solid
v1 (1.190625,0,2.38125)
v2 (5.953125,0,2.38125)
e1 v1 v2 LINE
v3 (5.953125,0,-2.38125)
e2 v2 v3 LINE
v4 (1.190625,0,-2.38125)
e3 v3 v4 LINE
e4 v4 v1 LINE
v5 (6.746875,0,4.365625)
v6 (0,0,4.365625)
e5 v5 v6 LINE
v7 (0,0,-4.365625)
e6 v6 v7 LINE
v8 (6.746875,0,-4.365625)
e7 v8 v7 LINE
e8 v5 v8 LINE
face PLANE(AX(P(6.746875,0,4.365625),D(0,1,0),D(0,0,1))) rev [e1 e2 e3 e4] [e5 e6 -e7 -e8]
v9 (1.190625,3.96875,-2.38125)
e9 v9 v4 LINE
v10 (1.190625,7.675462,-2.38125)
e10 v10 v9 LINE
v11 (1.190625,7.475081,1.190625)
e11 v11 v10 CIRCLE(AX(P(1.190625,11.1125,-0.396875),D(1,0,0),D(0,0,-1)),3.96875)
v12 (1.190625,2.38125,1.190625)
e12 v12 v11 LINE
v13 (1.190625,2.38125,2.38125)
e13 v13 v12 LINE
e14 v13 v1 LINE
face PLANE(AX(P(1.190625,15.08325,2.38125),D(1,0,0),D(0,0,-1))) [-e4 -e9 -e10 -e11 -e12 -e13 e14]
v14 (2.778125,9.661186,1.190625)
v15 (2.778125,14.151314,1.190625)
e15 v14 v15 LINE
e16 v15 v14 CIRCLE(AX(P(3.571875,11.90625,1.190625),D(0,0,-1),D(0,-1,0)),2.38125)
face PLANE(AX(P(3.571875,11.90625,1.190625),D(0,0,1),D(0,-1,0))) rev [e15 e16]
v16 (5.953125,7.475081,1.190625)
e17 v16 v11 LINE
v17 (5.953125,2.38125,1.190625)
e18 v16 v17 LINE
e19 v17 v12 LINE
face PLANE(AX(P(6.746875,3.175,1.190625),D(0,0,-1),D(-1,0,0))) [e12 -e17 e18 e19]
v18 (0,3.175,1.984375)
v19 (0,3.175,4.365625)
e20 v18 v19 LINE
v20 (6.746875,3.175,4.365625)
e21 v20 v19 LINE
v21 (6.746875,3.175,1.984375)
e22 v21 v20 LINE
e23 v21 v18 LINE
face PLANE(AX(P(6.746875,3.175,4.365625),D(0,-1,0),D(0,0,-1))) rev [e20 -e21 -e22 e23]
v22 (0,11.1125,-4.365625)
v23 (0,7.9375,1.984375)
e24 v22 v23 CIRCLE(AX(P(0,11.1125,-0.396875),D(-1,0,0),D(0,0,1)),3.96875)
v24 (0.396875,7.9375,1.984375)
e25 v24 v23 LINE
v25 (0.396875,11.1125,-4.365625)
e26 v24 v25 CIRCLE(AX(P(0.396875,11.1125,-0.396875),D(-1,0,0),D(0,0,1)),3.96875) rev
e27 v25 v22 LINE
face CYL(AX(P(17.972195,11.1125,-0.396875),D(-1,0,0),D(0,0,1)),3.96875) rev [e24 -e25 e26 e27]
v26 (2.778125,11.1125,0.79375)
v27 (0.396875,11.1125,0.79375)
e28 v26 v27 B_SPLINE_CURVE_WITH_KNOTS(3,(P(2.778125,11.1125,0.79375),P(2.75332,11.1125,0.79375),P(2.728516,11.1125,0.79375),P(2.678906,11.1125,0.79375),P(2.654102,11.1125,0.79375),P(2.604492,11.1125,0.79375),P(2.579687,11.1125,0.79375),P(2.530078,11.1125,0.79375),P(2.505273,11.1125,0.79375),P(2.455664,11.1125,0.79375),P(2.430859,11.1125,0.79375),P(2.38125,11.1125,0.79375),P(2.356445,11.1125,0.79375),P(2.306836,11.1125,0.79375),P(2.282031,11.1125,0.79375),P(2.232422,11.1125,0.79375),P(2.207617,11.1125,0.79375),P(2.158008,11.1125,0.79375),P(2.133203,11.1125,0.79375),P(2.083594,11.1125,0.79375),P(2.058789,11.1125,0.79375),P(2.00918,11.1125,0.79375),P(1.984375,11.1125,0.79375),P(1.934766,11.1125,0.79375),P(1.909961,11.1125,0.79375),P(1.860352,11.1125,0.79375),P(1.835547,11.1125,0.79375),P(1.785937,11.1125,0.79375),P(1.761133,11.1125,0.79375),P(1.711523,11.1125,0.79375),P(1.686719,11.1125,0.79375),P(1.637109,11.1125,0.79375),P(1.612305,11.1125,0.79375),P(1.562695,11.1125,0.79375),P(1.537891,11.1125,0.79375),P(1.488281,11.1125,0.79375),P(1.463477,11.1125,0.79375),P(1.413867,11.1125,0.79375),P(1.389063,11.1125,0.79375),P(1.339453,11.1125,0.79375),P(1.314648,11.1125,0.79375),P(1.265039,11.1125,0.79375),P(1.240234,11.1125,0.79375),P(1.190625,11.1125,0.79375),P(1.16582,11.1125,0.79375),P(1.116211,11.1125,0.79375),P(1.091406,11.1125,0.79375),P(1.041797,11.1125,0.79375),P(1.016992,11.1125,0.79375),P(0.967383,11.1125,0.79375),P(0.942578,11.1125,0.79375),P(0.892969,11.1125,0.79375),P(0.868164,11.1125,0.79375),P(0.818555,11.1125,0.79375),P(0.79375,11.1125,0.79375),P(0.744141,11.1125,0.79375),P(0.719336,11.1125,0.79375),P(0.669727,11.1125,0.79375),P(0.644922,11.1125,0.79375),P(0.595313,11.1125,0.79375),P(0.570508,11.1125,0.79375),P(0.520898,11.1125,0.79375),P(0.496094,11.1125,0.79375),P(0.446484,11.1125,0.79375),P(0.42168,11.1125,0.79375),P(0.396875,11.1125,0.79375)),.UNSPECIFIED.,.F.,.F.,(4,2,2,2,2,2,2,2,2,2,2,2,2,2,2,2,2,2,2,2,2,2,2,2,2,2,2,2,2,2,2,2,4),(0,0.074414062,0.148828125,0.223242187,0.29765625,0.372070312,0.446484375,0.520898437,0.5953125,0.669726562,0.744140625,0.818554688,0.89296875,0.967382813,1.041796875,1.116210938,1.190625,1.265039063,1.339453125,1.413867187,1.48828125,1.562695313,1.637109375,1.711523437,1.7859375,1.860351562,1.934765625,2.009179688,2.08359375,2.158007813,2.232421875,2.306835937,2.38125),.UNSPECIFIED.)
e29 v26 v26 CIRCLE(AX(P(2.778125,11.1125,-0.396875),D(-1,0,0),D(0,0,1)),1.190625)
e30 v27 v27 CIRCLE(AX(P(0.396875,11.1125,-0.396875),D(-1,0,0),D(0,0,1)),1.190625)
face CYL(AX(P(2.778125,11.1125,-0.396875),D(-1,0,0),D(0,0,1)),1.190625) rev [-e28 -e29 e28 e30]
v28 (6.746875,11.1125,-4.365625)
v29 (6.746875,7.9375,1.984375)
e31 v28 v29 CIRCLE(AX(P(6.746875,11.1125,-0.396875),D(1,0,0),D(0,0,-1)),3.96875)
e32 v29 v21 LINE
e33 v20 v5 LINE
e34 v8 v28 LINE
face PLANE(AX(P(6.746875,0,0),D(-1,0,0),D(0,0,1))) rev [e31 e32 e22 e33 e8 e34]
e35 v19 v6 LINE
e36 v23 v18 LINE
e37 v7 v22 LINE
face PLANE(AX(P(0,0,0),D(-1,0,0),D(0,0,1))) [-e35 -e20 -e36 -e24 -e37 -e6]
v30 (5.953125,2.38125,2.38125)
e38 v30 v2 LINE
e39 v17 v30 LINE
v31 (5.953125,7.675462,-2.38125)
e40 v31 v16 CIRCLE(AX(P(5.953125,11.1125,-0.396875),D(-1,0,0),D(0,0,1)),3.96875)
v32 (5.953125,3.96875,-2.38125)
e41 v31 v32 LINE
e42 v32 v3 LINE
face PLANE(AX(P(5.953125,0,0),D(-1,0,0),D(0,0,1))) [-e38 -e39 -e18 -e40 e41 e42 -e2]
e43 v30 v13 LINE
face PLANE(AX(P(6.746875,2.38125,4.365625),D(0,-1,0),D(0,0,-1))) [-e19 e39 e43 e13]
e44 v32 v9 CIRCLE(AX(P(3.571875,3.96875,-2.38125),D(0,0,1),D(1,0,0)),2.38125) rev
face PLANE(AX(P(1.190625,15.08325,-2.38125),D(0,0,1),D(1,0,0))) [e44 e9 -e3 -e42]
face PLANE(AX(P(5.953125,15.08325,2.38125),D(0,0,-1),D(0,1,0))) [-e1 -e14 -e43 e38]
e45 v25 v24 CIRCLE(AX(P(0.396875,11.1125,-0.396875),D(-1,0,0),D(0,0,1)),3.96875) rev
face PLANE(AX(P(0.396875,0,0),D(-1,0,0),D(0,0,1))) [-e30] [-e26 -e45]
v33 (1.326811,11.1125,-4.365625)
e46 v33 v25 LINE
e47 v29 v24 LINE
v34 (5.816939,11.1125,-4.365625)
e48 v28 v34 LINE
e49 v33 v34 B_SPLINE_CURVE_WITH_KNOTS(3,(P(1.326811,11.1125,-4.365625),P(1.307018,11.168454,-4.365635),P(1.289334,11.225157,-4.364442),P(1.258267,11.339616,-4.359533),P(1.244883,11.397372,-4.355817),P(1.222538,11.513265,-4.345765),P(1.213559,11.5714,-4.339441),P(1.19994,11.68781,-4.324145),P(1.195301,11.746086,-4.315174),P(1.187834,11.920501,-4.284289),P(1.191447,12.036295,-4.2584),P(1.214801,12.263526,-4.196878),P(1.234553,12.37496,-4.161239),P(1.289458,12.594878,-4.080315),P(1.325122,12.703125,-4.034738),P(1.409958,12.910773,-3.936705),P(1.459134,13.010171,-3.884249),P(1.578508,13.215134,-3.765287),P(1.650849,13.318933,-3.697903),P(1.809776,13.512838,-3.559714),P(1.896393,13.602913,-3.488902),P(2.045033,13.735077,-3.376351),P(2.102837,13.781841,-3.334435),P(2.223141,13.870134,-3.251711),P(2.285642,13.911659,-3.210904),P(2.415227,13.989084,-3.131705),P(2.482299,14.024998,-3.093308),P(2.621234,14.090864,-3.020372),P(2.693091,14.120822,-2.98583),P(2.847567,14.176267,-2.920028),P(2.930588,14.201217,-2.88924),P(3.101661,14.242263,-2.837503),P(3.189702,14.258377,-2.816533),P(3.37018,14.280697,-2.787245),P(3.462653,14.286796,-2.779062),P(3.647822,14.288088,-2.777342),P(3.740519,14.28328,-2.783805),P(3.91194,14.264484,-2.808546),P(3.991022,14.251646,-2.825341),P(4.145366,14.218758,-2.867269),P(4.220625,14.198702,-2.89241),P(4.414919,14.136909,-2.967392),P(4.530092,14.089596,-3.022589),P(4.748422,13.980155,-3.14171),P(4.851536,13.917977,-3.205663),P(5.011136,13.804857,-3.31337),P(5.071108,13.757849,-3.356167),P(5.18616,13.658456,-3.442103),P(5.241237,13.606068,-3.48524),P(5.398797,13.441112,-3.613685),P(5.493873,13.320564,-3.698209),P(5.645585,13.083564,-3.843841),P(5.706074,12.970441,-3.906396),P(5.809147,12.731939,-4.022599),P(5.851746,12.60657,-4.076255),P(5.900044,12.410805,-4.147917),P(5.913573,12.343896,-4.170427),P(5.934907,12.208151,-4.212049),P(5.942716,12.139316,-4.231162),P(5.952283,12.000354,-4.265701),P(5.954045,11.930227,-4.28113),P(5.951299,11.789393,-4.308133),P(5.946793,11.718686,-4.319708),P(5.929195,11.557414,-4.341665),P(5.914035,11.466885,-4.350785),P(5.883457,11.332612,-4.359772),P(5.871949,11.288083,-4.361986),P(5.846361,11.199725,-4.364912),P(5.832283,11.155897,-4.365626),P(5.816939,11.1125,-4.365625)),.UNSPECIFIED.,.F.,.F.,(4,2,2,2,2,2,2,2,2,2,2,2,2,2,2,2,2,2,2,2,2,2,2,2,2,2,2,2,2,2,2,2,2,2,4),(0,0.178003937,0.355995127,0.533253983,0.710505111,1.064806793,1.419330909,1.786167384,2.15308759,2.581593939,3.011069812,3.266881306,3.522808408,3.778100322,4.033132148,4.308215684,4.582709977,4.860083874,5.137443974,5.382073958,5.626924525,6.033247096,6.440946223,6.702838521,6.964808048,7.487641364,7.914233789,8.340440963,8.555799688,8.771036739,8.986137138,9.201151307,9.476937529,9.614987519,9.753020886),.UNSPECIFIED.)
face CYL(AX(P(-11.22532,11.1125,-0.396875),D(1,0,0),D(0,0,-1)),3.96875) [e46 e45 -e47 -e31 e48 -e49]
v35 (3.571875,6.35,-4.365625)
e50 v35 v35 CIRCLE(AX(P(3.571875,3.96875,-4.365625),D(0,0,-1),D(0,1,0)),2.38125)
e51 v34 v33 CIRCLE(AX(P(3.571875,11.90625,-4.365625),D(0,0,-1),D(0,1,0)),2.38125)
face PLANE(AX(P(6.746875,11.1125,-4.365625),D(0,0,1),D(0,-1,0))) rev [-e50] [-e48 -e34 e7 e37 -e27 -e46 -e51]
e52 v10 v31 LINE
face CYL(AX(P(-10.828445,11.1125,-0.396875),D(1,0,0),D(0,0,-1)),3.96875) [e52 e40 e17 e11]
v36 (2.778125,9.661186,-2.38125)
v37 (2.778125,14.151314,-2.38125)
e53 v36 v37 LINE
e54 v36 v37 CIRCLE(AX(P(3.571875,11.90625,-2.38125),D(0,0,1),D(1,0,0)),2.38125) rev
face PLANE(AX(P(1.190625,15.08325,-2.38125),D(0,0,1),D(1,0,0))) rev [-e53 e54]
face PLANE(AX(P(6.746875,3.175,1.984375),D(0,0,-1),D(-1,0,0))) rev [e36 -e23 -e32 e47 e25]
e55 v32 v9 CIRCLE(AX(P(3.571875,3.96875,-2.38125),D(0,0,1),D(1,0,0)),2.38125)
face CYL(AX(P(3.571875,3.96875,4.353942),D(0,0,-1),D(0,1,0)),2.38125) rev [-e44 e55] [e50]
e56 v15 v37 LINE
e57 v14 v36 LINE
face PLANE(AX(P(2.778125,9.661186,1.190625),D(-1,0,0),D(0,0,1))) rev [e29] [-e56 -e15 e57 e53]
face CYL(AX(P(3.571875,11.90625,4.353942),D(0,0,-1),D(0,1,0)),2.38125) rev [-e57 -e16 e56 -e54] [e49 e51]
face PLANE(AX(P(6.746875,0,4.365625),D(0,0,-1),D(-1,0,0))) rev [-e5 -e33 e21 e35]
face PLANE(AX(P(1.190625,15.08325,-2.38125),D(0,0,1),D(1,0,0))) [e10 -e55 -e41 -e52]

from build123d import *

# Parameters (mm, degrees)
BOSS_EXTRUDE4_DEPTH  = 6.746875
SKETCH6_R            = 3.96875
BOSS_EXTRUDE5_DEPTH  = 6.746875
SHELL2_T             = -0.79375
BOSS_EXTRUDE6_REACH  = 19.089
CUT_EXTRUDE2_START   = -0.396875
SKETCH11_R           = 3.96875
CUT_EXTRUDE2_DEPTH   = 0.396875
SKETCH13_R           = 3.96875
BOSS_EXTRUDE11_DEPTH = 6.35
SKETCH14_R           = 2.38125
CUT_EXTRUDE3_DEPTH   = 1.984375
CUT_EXTRUDE4_DEPTH   = 3.571875
SKETCH17_R           = 1.190625
CUT_EXTRUDE5_DEPTH   = 2.38125


with BuildPart() as part:
    # Sketch2 → Boss-Extrude4 (new body)
    with BuildSketch(Plane(origin=(0, 0, 0), x_dir=(0, 0, -1), z_dir=(1, 0, 0))):
        Polygon((-4.365625, 0), (4.365625, 0), (4.365625, 11.1125), (-1.984375, 11.1125), (-1.984375, 3.175), (-4.365625, 3.175), align=None)
    extrude(amount=BOSS_EXTRUDE4_DEPTH)

    # Sketch6 → Boss-Extrude5 (add)
    with BuildSketch(Plane(origin=(6.746875, 0, 0), x_dir=(0, 0, -1), z_dir=(1, 0, 0))):
        with Locations((0.396875, 11.1125)):
            Circle(SKETCH6_R)
    extrude(amount=-BOSS_EXTRUDE5_DEPTH)

    # Shell2
    shell2_openings = [part.faces().sort_by_distance(p)[0] for p in [
        (3.3734375, 0, 0),
    ]]
    offset(amount=SHELL2_T, openings=shell2_openings, kind=Kind.INTERSECTION)

    # Sketch7 → Boss-Extrude6 (add, up to next)
    with BuildSketch(Plane.XZ, mode=Mode.PRIVATE) as boss_extrude6_sk1:
        Polygon((5.953125, 3.571875), (5.953125, 2.38125), (1.190625, 2.38125), (1.190625, -2.38125), (5.953125, -2.38125), (5.953125, -3.571875), (0.79375, -3.571875), (0.79375, 3.571875), align=None)
    boss_extrude6_tool1 = extrude(boss_extrude6_sk1.sketch, amount=-BOSS_EXTRUDE6_REACH, mode=Mode.PRIVATE) - part.part
    add(boss_extrude6_tool1.solids().sort_by_distance((5.865004, 0, 2.976562))[0])

    # Sketch11 → Cut-Extrude2 (cut)
    with BuildSketch(Plane.ZY.offset(CUT_EXTRUDE2_START)):
        with Locations((-0.396875, 11.1125)):
            Circle(SKETCH11_R)
    extrude(amount=CUT_EXTRUDE2_DEPTH, mode=Mode.SUBTRACT)

    # Sketch13 → Boss-Extrude11 (add)
    with BuildSketch(Plane(origin=(6.746875, 0, 0), x_dir=(0, 0, -1), z_dir=(1, 0, 0))):
        with Locations((0.396875, 11.1125)):
            Circle(SKETCH13_R)
    extrude(amount=-BOSS_EXTRUDE11_DEPTH)

    # Sketch14 → Cut-Extrude3 (cut)
    with BuildSketch(Plane(origin=(0, 0, -4.365625), x_dir=(-1, 0, 0), z_dir=(0, 0, -1))):
        with Locations(Location((-3.571875, 3.96875, 0), (0, 0, 90))):
            Circle(SKETCH14_R)
        with Locations(Location((-3.571875, 11.90625, 0), (0, 0, 180))):
            Circle(SKETCH14_R)
    extrude(amount=-CUT_EXTRUDE3_DEPTH, mode=Mode.SUBTRACT)

    # Sketch16 → Cut-Extrude4 (cut)
    with BuildSketch(Plane(origin=(0, 0, -2.38125), x_dir=(-1, 0, 0), z_dir=(0, 0, -1))):
        with BuildLine():
            Line((-2.778125, 9.66118597), (-2.778125, 14.15131403))
            ThreePointArc((-2.778125, 14.15131403), (-5.953125, 11.90625), (-2.778125, 9.66118597))
        make_face()
    extrude(amount=-CUT_EXTRUDE4_DEPTH, mode=Mode.SUBTRACT)

    # Sketch17 → Cut-Extrude5 (cut)
    with BuildSketch(Plane.ZY.offset(-0.396875)):
        with Locations((-0.396875, 11.1125)):
            Circle(SKETCH17_R)
    extrude(amount=-CUT_EXTRUDE5_DEPTH, mode=Mode.SUBTRACT)


solid = part.part
